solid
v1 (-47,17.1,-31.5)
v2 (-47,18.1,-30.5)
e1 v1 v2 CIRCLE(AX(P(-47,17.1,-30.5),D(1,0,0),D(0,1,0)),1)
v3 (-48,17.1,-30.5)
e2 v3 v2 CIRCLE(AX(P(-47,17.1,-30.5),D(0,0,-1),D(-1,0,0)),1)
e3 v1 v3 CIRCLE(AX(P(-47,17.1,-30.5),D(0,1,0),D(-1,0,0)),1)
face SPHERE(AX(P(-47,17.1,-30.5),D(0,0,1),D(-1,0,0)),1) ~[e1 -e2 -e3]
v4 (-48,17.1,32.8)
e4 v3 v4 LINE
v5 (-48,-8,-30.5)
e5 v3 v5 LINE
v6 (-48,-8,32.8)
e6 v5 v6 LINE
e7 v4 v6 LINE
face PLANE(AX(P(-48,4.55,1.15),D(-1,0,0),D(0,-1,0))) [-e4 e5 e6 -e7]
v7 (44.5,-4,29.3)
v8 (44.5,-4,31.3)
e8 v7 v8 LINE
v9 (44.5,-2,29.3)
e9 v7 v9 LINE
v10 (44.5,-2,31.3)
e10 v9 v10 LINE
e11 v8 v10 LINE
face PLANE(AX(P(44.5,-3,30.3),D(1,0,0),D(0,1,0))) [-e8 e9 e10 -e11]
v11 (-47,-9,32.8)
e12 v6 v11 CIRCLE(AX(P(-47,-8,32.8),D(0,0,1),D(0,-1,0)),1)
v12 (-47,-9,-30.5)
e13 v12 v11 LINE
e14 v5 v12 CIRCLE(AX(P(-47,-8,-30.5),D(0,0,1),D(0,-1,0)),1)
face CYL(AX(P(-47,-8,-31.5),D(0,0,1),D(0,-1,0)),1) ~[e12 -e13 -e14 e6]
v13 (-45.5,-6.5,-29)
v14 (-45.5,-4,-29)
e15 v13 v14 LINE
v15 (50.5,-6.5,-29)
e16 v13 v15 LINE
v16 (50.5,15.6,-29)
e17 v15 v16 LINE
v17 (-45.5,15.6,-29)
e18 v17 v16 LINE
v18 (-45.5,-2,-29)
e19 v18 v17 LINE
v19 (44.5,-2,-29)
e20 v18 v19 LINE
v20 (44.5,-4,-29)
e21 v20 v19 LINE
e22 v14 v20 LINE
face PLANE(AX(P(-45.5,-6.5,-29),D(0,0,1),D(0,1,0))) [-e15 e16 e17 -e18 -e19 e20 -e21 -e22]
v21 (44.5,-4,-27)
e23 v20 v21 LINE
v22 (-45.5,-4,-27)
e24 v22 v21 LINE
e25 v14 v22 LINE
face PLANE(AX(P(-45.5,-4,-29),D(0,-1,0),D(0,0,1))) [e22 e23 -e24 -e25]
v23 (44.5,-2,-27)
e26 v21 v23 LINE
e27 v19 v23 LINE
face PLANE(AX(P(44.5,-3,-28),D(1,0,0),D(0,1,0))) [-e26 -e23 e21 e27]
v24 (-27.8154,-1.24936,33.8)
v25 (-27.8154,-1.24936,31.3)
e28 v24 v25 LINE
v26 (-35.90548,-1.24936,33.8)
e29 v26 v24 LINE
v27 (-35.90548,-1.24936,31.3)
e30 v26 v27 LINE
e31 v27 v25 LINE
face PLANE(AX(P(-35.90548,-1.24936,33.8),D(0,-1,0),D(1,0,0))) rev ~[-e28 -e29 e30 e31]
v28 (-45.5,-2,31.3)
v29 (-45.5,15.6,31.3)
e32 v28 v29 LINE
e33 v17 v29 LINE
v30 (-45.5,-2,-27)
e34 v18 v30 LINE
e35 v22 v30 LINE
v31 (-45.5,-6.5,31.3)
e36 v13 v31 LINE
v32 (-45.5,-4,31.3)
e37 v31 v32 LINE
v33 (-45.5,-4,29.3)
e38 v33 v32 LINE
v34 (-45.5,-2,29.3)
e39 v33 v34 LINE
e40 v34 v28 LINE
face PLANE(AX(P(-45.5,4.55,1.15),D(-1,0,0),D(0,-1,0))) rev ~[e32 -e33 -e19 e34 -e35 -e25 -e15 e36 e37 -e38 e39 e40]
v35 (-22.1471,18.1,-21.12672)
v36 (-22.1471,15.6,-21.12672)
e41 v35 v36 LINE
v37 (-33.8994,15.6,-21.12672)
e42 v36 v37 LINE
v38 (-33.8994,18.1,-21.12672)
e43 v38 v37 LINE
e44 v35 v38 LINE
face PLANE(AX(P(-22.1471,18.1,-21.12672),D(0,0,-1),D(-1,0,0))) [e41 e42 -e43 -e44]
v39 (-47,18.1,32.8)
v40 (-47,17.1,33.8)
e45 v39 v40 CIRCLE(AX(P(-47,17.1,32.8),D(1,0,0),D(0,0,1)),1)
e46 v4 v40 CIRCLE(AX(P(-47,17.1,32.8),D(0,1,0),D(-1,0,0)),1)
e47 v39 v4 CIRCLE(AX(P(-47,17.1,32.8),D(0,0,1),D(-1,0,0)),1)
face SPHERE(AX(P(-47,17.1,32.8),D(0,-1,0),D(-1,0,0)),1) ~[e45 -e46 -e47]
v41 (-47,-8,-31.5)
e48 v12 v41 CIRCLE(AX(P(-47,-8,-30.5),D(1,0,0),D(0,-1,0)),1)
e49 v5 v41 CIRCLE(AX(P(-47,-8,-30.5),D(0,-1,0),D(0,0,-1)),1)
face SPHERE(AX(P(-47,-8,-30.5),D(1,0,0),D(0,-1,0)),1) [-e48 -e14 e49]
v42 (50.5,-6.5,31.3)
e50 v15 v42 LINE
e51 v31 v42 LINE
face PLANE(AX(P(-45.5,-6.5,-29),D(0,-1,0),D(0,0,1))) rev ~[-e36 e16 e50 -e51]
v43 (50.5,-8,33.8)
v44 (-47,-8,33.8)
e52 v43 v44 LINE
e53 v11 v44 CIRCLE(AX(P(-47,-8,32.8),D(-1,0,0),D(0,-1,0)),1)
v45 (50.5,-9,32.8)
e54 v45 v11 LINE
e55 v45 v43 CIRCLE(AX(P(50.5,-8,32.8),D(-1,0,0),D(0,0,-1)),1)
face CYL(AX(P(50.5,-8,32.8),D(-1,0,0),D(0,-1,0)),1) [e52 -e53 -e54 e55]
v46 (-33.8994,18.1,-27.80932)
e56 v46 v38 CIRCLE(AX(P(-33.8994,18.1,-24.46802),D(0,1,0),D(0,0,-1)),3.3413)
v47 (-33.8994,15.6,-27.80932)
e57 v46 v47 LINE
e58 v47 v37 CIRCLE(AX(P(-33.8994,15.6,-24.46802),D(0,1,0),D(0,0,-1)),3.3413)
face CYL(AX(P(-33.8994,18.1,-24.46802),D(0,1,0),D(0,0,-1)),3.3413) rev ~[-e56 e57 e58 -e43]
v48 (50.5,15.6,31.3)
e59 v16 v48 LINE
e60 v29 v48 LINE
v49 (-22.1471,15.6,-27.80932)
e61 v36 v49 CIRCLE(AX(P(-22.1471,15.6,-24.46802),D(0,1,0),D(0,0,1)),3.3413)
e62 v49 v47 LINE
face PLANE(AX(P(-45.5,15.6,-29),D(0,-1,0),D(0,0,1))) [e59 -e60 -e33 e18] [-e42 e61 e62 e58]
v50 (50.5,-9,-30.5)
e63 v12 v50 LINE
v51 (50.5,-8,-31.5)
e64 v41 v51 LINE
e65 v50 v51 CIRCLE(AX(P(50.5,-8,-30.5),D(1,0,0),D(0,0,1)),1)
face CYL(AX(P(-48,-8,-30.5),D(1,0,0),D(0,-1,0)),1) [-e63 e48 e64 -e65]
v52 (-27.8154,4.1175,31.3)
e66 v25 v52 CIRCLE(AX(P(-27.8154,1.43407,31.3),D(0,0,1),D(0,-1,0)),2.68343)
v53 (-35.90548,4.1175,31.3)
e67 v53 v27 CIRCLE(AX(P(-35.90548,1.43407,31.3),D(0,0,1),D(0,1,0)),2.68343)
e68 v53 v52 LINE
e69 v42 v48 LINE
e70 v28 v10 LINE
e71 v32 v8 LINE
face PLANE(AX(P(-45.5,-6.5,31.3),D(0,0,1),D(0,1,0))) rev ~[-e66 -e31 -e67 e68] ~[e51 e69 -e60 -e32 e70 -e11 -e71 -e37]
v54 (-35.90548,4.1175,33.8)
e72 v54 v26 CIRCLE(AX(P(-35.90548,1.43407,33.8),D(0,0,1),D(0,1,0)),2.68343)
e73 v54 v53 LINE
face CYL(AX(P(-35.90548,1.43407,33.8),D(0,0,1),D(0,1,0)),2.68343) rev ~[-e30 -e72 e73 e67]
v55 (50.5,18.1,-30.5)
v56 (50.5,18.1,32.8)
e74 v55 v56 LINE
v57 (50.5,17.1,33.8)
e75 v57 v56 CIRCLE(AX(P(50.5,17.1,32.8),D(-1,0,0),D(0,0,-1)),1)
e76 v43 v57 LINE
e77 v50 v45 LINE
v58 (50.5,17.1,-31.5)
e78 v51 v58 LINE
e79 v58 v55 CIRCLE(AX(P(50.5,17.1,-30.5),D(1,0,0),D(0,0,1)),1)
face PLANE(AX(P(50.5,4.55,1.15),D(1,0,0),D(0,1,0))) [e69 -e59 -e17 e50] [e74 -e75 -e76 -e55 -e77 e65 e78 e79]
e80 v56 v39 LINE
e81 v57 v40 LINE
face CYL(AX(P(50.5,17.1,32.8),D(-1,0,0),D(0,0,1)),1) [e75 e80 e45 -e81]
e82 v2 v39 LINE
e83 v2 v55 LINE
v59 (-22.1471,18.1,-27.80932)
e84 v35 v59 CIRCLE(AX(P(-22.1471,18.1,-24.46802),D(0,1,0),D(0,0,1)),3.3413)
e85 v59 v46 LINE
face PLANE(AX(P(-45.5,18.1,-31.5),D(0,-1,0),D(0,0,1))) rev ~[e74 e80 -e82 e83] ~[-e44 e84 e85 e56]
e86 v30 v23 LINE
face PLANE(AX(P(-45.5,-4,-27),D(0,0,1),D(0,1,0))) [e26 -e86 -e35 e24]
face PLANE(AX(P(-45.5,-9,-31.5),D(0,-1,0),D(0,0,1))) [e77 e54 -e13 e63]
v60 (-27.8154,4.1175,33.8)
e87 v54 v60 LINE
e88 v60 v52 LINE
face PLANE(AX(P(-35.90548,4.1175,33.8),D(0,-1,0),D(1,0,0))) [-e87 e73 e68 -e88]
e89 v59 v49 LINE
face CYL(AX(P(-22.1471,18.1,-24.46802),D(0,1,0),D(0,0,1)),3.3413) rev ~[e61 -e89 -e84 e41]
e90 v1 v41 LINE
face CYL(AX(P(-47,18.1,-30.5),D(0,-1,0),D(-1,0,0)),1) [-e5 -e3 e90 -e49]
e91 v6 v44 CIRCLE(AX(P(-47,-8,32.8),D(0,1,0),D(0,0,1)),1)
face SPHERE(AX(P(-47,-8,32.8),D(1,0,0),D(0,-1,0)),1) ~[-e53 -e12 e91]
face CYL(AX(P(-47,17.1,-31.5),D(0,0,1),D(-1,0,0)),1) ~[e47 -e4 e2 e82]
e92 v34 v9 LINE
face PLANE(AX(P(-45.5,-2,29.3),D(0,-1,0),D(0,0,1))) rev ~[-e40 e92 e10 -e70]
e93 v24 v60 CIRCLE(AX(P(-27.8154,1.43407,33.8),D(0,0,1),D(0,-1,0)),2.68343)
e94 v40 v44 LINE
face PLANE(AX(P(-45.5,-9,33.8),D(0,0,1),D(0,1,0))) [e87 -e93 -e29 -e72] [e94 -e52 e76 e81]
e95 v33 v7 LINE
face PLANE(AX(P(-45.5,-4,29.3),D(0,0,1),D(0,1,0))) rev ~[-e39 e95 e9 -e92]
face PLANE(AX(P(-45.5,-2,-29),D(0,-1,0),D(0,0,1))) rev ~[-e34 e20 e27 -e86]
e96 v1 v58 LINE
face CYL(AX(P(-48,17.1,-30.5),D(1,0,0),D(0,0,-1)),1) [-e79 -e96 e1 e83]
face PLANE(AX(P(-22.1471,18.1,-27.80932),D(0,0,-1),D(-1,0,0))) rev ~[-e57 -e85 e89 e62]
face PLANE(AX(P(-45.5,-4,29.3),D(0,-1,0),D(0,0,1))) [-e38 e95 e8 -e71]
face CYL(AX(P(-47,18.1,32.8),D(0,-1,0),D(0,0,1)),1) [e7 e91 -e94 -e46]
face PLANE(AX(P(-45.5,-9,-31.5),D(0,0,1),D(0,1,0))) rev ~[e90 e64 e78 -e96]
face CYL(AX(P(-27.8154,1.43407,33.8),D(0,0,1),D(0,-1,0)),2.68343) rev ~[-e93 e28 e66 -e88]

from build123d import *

# Parameters (mm, degrees)
SKETCH003_W      = 27.1
SKETCH003_H      = 65.3
EXTRUDE002_DEPTH = 2.5
SKETCH004_W      = 2
SKETCH004_H      = 2
PAD003_DEPTH     = 90
SKETCH005_W      = 27.1
SKETCH005_H      = 65.3
SKETCH005_W_2    = 22.1
SKETCH005_H_2    = 60.3
PAD004_DEPTH     = 96
POCKET_DEPTH     = 2.5
POCKET001_DEPTH  = 2.5
FILLET_R         = 1


with BuildPart() as part:
    # Sketch003 → Extrude002 (new body)
    with BuildSketch(Plane(origin=(-45.5, -6.5, -29), x_dir=(0, -1, 0), z_dir=(-1, 0, 0))):
        with Locations((-11.05, 30.15)):
            Rectangle(SKETCH003_W, SKETCH003_H)
    extrude(amount=EXTRUDE002_DEPTH)

    # Sketch004 → Pad003 (new body)
    with BuildSketch(Plane.YZ.offset(-45.5)):
        with Locations((-3, -28)):
            Rectangle(SKETCH004_W, SKETCH004_H)
        with Locations((-3, 30.3)):
            Rectangle(SKETCH004_W, SKETCH004_H)
    extrude(amount=PAD003_DEPTH)

    # Sketch005 → Pad004 (new body)
    with BuildSketch(Plane.YZ.offset(-45.5)):
        with Locations((4.55, 1.15)):
            Rectangle(SKETCH005_W, SKETCH005_H)
        with Locations((4.55, 1.15)):
            Rectangle(SKETCH005_W_2, SKETCH005_H_2, mode=Mode.SUBTRACT)
    extrude(amount=PAD004_DEPTH)

    # Sketch006 → Pocket (cut)
    with BuildSketch(Plane.XY.offset(33.8)):
        with BuildLine():
            ThreePointArc((-35.90548, 4.1175), (-38.58891, 1.43407), (-35.90548, -1.24936))
            Line((-35.90548, -1.24936), (-27.8154, -1.24936))
            ThreePointArc((-27.8154, -1.24936), (-25.13197, 1.43407), (-27.8154, 4.1175))
            Line((-35.90548, 4.1175), (-27.8154, 4.1175))
        make_face()
    extrude(amount=-POCKET_DEPTH, mode=Mode.SUBTRACT)

    # Sketch007 → Pocket001 (cut)
    with BuildSketch(Plane(origin=(0, 18.1, 0), x_dir=(-1, 0, 0), z_dir=(0, 1, 0))):
        with BuildLine():
            ThreePointArc((22.1471, -21.12672), (18.8058, -24.46802), (22.1471, -27.80932))
            Line((22.1471, -27.80932), (33.8994, -27.80932))
            ThreePointArc((33.8994, -27.80932), (37.2407, -24.46802), (33.8994, -21.12672))
            Line((22.1471, -21.12672), (33.8994, -21.12672))
        make_face()
    extrude(amount=-POCKET001_DEPTH, mode=Mode.SUBTRACT)

    # Fillet
    fillet_edges = [part.edges().sort_by_distance(p)[0] for p in [
        (2.5, -9, 33.8),
        (2.5, -9, -31.5),
        (-46.75, -9, -31.5),
        (-46.75, -9, 33.8),
        (-48, -9, 1.15),
        (-48, 4.55, 33.8),
        (-48, 18.1, 1.15),
        (-48, 4.55, -31.5),
        (2.5, 18.1, 33.8),
        (-46.75, 18.1, 33.8),
        (-46.75, 18.1, -31.5),
        (2.5, 18.1, -31.5),
    ]]
    fillet(fillet_edges, radius=FILLET_R)


solid = part.part
